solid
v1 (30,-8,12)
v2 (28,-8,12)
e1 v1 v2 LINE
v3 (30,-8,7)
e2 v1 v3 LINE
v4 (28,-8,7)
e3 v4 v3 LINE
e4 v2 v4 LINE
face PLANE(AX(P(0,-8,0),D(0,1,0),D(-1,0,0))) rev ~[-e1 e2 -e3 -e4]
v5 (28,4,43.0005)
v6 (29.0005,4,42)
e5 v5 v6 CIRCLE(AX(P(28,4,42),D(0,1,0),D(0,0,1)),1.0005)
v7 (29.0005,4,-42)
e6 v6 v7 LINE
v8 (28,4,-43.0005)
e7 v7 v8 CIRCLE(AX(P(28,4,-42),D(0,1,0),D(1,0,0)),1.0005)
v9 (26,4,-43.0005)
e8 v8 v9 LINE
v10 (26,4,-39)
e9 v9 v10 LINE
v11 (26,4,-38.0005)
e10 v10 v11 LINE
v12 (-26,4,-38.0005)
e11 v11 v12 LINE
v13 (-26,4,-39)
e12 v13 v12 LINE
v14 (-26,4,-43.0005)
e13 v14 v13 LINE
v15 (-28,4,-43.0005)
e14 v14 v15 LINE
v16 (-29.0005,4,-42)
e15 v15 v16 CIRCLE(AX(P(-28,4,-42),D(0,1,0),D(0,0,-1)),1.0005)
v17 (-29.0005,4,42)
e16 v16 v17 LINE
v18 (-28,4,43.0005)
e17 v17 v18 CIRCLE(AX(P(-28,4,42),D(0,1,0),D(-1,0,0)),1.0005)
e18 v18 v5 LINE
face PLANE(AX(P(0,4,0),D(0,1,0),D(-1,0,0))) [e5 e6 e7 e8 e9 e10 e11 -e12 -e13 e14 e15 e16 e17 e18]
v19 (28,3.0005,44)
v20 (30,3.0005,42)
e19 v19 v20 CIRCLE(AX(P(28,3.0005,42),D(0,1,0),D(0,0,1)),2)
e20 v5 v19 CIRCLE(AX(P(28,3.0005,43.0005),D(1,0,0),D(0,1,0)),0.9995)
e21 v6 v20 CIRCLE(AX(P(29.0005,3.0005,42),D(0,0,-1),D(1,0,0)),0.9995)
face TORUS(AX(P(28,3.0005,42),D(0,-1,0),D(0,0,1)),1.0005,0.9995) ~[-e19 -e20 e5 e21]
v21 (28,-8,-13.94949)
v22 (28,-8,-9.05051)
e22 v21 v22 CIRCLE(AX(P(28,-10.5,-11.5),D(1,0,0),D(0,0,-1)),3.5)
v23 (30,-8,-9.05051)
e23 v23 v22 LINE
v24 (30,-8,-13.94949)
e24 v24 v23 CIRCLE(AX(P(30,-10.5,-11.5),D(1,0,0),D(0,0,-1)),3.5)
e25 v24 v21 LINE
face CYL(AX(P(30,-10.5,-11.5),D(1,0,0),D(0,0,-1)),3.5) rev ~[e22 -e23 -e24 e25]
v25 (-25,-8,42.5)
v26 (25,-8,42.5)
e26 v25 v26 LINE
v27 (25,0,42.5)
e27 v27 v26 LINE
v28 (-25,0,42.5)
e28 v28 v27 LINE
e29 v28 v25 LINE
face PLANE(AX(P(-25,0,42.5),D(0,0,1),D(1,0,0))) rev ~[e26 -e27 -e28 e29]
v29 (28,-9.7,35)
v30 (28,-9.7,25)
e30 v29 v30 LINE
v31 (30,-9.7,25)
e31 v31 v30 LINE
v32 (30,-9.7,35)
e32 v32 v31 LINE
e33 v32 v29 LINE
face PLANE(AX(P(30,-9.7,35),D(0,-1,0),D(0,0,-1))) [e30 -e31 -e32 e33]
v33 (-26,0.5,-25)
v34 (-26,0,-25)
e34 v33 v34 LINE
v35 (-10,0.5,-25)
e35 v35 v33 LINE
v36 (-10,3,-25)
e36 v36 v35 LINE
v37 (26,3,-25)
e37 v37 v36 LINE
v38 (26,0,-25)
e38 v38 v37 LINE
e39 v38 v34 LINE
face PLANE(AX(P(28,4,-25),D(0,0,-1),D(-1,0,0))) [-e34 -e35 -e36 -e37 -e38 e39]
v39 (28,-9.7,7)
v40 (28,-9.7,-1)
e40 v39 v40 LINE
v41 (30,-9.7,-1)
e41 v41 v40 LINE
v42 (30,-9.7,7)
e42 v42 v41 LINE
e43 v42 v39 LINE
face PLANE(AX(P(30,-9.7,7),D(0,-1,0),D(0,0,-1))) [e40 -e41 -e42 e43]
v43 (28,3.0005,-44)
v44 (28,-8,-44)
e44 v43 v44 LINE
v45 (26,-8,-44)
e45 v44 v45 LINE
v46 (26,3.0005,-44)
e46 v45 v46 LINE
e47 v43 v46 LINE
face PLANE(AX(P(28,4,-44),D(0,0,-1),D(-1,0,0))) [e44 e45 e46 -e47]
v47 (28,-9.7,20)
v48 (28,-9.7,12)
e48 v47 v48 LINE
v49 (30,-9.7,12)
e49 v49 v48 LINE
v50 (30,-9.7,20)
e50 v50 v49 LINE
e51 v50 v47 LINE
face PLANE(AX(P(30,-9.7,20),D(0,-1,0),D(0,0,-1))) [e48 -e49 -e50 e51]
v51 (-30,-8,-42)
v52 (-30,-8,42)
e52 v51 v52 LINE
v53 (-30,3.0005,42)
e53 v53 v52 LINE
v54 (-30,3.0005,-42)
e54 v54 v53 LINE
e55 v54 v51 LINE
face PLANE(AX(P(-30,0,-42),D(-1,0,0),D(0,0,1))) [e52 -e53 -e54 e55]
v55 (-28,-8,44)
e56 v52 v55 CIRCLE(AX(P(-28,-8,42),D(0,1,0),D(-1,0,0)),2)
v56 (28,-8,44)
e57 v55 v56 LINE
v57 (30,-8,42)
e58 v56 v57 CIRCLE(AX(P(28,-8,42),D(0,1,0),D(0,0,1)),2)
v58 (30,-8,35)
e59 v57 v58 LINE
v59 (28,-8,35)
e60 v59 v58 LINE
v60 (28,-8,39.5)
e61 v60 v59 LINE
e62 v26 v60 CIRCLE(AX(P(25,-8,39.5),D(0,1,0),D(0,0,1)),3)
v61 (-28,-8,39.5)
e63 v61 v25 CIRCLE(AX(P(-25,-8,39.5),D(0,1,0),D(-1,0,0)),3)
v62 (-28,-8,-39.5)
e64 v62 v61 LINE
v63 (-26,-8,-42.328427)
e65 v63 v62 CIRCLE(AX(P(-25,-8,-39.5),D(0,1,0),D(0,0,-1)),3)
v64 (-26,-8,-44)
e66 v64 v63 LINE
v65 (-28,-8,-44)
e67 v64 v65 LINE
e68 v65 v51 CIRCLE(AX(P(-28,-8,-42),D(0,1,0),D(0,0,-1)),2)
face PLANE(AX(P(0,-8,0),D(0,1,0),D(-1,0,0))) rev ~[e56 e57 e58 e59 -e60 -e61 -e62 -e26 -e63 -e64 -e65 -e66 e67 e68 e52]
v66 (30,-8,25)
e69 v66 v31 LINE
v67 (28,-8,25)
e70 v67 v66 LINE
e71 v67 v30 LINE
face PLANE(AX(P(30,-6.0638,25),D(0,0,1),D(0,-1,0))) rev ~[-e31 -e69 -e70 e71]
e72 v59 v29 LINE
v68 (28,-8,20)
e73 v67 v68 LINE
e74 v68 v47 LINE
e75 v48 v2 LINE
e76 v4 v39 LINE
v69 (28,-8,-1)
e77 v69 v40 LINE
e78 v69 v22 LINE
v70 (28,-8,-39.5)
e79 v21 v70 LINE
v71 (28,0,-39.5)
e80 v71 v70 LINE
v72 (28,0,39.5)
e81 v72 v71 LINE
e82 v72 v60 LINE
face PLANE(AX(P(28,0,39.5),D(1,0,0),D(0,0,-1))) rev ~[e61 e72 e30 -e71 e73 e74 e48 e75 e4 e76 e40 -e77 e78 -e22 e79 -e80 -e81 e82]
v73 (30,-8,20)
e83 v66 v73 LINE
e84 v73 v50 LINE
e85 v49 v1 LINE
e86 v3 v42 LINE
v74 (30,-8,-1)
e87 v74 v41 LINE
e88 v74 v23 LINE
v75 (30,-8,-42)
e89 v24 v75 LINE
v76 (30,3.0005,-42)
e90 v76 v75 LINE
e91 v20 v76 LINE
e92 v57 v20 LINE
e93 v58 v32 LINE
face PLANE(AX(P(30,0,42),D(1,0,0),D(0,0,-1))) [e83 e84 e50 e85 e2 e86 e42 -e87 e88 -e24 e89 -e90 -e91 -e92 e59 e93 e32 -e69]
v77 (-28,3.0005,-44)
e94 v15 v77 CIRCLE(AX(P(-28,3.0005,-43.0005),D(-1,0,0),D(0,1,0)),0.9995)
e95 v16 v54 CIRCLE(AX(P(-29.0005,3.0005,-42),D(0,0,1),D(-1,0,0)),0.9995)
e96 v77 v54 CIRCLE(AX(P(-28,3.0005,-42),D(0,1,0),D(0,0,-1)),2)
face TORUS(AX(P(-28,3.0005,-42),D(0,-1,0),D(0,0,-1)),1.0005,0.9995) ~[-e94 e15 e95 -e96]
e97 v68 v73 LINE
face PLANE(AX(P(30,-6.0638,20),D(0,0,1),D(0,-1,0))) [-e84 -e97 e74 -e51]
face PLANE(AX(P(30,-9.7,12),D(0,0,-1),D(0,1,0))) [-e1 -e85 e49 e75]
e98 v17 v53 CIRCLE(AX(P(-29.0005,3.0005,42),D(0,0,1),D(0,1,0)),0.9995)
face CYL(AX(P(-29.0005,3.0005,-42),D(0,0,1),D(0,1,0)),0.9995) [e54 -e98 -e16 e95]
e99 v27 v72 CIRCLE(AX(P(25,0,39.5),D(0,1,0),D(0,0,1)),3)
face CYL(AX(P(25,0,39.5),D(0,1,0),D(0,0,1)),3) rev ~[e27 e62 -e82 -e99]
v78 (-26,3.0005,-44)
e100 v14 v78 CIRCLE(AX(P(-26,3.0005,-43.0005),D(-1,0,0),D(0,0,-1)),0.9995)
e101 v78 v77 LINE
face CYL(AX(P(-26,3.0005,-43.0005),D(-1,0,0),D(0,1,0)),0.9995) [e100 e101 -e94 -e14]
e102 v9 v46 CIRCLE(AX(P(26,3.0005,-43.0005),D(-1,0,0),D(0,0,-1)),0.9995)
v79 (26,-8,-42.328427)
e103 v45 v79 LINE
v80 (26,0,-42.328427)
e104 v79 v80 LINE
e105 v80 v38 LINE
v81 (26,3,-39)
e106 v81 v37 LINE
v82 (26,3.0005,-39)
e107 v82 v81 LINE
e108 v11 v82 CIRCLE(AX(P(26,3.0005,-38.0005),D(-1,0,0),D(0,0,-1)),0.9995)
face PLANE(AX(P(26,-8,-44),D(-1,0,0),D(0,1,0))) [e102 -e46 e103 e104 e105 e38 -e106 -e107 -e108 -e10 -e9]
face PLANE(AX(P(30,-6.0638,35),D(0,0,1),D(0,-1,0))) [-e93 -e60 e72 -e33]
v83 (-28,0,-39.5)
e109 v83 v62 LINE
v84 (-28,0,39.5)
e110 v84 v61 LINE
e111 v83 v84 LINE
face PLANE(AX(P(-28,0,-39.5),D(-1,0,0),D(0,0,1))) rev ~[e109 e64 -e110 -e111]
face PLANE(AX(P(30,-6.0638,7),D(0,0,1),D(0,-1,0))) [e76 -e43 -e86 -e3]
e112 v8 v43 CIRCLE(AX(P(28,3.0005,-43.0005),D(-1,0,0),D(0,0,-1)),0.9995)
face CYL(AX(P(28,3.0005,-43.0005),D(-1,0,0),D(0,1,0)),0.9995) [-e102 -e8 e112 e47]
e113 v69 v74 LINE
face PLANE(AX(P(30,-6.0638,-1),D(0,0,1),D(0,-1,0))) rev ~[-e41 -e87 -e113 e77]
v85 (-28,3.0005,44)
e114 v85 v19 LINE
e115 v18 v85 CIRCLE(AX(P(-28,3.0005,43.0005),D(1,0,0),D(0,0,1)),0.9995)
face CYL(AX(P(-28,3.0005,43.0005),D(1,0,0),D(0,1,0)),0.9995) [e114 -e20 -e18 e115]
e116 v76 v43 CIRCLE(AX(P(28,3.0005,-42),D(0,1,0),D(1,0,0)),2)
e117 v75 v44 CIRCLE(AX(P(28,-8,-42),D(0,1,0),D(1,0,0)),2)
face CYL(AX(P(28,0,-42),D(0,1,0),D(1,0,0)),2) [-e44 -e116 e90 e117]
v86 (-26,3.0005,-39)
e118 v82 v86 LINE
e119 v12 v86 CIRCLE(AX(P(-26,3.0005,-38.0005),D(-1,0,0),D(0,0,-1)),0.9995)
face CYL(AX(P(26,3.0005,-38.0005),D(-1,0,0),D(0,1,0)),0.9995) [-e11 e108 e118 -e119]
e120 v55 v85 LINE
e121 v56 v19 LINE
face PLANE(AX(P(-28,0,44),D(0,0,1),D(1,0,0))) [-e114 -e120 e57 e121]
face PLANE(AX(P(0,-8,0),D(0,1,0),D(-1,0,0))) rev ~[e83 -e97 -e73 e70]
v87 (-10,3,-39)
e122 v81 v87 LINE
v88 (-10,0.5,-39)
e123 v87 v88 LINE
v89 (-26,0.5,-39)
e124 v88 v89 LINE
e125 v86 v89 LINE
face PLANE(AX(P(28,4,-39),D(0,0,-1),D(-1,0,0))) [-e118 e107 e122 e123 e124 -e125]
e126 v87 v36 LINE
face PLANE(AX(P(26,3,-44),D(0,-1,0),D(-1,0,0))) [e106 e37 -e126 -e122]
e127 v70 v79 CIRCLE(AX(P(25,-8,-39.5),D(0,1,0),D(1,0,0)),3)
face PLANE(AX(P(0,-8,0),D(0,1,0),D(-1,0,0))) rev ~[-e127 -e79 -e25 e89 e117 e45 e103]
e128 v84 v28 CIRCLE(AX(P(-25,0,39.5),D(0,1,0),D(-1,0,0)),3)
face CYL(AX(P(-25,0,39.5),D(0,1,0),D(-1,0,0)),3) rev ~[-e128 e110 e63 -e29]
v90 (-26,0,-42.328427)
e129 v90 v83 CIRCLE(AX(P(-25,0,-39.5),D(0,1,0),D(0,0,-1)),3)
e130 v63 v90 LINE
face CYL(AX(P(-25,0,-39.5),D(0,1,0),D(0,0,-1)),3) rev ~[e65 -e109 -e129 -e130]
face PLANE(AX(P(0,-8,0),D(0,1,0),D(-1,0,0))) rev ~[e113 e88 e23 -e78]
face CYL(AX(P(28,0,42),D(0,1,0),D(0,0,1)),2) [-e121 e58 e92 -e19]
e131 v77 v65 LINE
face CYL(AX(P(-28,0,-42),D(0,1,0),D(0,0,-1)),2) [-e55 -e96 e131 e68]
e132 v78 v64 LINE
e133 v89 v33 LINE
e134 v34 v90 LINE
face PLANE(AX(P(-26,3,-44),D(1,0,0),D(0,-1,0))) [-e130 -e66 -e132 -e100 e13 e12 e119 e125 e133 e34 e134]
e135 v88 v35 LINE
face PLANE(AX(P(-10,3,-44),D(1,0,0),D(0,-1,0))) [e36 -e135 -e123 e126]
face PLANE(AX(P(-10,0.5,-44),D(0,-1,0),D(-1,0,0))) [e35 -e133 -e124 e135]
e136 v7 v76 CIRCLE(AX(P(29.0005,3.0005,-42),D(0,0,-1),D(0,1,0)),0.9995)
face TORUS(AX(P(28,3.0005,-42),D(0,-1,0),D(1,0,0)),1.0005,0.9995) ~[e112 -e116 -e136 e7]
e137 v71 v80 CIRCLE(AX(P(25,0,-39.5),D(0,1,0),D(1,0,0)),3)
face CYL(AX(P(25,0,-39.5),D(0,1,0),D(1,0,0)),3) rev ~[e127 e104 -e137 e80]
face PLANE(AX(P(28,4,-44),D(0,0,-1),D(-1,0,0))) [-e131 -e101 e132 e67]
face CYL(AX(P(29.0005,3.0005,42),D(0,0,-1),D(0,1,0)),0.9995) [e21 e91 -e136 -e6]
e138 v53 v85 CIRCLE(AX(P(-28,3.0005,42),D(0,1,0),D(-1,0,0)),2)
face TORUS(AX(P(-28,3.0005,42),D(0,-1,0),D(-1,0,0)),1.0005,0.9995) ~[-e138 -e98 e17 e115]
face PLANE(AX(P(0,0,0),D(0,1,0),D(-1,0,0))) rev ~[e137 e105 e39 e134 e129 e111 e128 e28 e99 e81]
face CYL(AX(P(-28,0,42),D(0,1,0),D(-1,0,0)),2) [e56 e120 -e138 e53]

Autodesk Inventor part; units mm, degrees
ref_plane "YZ Plane" through (0, 0, 0) normal (1, 0, 0) x (0, 1, 0)
ref_plane "XZ Plane" through (0, 0, 0) normal (0, 1, 0) x (-1, 0, 0)
ref_plane "XY Plane" through (0, 0, 0) normal (0, 0, 1) x (1, 0, 0)
sketch "Sketch1" plane through (0, 0, 0) normal (0, 1, 0) x (-1, 0, 0)
  line L0 (28, 44) -> (-28, 44)
  line L1 (-30, 42) -> (-30, -42)
  line L2 (-28, -44) -> (28, -44)
  line L3 (30, -42) -> (30, 42)
  line L4 (30, 44) -> (-30, -44) construction
  line L5 (-30, 44) -> (30, -44) construction
  line L6 (25, 42.5) -> (-25, 42.5)
  line L7 (-28, 39.5) -> (-28, -39.5)
  line L8 (-25, -42.5) -> (25, -42.5)
  line L9 (28, -39.5) -> (28, 39.5)
  line L10 (28, 42.5) -> (-28, -42.5) construction
  line L11 (-28, 42.5) -> (28, -42.5) construction
  arc A0 (25, -42.5) -> (28, -39.5) centre (25, -39.5) ccw
  arc A1 (-28, -39.5) -> (-25, -42.5) centre (-25, -39.5) ccw
  arc A2 (-25, 42.5) -> (-28, 39.5) centre (-25, 39.5) ccw
  arc A3 (28, 39.5) -> (25, 42.5) centre (25, 39.5) ccw
  arc A4 (-30, -42) -> (-28, -44) centre (-28, -42) ccw
  arc A5 (-28, 44) -> (-30, 42) centre (-28, 42) ccw
  arc A6 (28, -44) -> (30, -42) centre (28, -42) ccw
  arc A7 (30, 42) -> (28, 44) centre (28, 42) ccw
  point P0 (0, 0)
  dimension "d2" = 60
  dimension "d3" = 88
  dimension "d4" = 56
  dimension "d5" = 85
  dimension "d6" = 3
  dimension "d7" = 2
extrude "Extrusion1" add sketch "Sketch1" along normal blind 4 contours A7 L3 A6 L2 A4 L1 A5 L0 | A3 L9 A0 L8 A1 L7 A2 L6
extrude "Extrusion2" add sketch "Sketch1" against normal blind 8
sketch "Sketch2" plane through (28, 4, -44) normal (0, 0, -1) x (-1, 0, 0)
  line L0 (53, -12) -> (3, -12) projected
  line L1 (2, -1) -> (54, -1)
  line L2 (54, -1) -> (54, -12)
  line L3 (54, -12) -> (2, -12)
  line L4 (2, -12) -> (2, -1)
  line L5 (-2, -12) -> (-2, 0) projected
  line L6 (58, 0) -> (58, -12) projected
  point P0 (28, -4)
  dimension "d12" = 4
  dimension "d13" = 4
  dimension "d14" = 11
extrude "Extrusion3" cut sketch "Sketch2" against normal blind 19
sketch "Sketch3" plane through (28, 4, -44) normal (0, 0, -1) x (-1, 0, 0)
  line L0 (2, -1) -> (54, -1) projected
  line L1 (54, -1) -> (38, -1)
  line L2 (38, -1) -> (38, -3.5)
  line L3 (38, -3.5) -> (54, -3.5)
  line L4 (54, -3.5) -> (54, -1)
  line L5 (0, 0) -> (56, 0) projected
  line L6 (2, -1) -> (54, -1)
  line L7 (54, -1) -> (54, 0)
  line L8 (54, 0) -> (2, 0)
  line L9 (2, 0) -> (2, -1)
  point P0 (28, -4)
  point P1 (38, -1)
  dimension "d17" = 16
  dimension "d18" = 2.5
extrude "Extrusion4" add sketch "Sketch3" against normal blind 21 contours L0 L4 L3 L2
extrude "Extrusion5" cut sketch "Sketch3" against normal blind 5
sketch "Sketch4" plane through (30, 4, 42) normal (1, 0, 0) x (0, 0, -1)
  line L0 (86, -12) -> (86, 0) projected
  line L1 (84, -12) -> (0, -12) projected
  circle A0 centre (53.5, -14.5) radius 3.5
  point P0 (42, -4)
  point P1 (51.0505, -12)
  point P2 (55.9495, -12)
  dimension "d27" = 2.5
  dimension "d28" = 32.5
  dimension "d29" = 7
extrude "Extrusion6" cut sketch "Sketch4" against normal blind 10 contours L1 A0 picked at (52.8865, -11.841)
sketch "Sketch5" plane through (30, 4, 42) normal (1, 0, 0) x (0, 0, -1)
  line L0 (-4.9094, -13.7) -> (89.7531, -13.7)
  line L1 (84, -12) -> (55.9495, -12) projected
  point P0 (42, -4)
  dimension "d32" = 1.7
sketch "Sketch6" plane through (30, 4, 42) normal (1, 0, 0) x (0, 0, -1)
  line L0 (43, -10.0638) -> (43, -13.7)
  arc A0 (55.9495, -12) -> (51.0505, -12) centre (53.5, -14.5) ccw projected
  line L1 (35, -10.0638) -> (35, -13.7)
  line L2 (30, -13.7) -> (30, -10.0638)
  line L3 (22, -10.0638) -> (22, -13.7)
  line L4 (17, -10.0638) -> (17, -13.7)
  line L5 (7, -10.0638) -> (7, -13.7)
  line L6 (6.4702, -10.0638) -> (43, -10.0638)
  line L7 (-3.7275, -13.7) -> (104.8817, -13.7)
  line L8 (84, -12) -> (55.9495, -12) projected
  point P0 (42, -4)
  dimension "d33" = 10.5
  dimension "d34" = 8
  dimension "d35" = 5
  dimension "d36" = 8
  dimension "d37" = 5
  dimension "d38" = 10
  dimension "d39" = 1.7
extrude "Extrusion7" add sketch "Sketch6" against normal blind 2 contours L0 L7 L1 L6 | L2 L7 L3 L6 | L4 L7 L5 L6
fillet "Fillet1" radius 1 10 edges at (29.4142, 4, -43.4142) (27, 4, -44) (29.4142, 4, 43.4142) (0, 4, 44) (-29.4142, 4, 43.4142) (-30, 4, 0) (-29.4142, 4, -43.4142) (-27, 4, -44) (30, 4, 0) (0, 4, -39)
properties part number "Pi 4 Case  - Upper Panel"
